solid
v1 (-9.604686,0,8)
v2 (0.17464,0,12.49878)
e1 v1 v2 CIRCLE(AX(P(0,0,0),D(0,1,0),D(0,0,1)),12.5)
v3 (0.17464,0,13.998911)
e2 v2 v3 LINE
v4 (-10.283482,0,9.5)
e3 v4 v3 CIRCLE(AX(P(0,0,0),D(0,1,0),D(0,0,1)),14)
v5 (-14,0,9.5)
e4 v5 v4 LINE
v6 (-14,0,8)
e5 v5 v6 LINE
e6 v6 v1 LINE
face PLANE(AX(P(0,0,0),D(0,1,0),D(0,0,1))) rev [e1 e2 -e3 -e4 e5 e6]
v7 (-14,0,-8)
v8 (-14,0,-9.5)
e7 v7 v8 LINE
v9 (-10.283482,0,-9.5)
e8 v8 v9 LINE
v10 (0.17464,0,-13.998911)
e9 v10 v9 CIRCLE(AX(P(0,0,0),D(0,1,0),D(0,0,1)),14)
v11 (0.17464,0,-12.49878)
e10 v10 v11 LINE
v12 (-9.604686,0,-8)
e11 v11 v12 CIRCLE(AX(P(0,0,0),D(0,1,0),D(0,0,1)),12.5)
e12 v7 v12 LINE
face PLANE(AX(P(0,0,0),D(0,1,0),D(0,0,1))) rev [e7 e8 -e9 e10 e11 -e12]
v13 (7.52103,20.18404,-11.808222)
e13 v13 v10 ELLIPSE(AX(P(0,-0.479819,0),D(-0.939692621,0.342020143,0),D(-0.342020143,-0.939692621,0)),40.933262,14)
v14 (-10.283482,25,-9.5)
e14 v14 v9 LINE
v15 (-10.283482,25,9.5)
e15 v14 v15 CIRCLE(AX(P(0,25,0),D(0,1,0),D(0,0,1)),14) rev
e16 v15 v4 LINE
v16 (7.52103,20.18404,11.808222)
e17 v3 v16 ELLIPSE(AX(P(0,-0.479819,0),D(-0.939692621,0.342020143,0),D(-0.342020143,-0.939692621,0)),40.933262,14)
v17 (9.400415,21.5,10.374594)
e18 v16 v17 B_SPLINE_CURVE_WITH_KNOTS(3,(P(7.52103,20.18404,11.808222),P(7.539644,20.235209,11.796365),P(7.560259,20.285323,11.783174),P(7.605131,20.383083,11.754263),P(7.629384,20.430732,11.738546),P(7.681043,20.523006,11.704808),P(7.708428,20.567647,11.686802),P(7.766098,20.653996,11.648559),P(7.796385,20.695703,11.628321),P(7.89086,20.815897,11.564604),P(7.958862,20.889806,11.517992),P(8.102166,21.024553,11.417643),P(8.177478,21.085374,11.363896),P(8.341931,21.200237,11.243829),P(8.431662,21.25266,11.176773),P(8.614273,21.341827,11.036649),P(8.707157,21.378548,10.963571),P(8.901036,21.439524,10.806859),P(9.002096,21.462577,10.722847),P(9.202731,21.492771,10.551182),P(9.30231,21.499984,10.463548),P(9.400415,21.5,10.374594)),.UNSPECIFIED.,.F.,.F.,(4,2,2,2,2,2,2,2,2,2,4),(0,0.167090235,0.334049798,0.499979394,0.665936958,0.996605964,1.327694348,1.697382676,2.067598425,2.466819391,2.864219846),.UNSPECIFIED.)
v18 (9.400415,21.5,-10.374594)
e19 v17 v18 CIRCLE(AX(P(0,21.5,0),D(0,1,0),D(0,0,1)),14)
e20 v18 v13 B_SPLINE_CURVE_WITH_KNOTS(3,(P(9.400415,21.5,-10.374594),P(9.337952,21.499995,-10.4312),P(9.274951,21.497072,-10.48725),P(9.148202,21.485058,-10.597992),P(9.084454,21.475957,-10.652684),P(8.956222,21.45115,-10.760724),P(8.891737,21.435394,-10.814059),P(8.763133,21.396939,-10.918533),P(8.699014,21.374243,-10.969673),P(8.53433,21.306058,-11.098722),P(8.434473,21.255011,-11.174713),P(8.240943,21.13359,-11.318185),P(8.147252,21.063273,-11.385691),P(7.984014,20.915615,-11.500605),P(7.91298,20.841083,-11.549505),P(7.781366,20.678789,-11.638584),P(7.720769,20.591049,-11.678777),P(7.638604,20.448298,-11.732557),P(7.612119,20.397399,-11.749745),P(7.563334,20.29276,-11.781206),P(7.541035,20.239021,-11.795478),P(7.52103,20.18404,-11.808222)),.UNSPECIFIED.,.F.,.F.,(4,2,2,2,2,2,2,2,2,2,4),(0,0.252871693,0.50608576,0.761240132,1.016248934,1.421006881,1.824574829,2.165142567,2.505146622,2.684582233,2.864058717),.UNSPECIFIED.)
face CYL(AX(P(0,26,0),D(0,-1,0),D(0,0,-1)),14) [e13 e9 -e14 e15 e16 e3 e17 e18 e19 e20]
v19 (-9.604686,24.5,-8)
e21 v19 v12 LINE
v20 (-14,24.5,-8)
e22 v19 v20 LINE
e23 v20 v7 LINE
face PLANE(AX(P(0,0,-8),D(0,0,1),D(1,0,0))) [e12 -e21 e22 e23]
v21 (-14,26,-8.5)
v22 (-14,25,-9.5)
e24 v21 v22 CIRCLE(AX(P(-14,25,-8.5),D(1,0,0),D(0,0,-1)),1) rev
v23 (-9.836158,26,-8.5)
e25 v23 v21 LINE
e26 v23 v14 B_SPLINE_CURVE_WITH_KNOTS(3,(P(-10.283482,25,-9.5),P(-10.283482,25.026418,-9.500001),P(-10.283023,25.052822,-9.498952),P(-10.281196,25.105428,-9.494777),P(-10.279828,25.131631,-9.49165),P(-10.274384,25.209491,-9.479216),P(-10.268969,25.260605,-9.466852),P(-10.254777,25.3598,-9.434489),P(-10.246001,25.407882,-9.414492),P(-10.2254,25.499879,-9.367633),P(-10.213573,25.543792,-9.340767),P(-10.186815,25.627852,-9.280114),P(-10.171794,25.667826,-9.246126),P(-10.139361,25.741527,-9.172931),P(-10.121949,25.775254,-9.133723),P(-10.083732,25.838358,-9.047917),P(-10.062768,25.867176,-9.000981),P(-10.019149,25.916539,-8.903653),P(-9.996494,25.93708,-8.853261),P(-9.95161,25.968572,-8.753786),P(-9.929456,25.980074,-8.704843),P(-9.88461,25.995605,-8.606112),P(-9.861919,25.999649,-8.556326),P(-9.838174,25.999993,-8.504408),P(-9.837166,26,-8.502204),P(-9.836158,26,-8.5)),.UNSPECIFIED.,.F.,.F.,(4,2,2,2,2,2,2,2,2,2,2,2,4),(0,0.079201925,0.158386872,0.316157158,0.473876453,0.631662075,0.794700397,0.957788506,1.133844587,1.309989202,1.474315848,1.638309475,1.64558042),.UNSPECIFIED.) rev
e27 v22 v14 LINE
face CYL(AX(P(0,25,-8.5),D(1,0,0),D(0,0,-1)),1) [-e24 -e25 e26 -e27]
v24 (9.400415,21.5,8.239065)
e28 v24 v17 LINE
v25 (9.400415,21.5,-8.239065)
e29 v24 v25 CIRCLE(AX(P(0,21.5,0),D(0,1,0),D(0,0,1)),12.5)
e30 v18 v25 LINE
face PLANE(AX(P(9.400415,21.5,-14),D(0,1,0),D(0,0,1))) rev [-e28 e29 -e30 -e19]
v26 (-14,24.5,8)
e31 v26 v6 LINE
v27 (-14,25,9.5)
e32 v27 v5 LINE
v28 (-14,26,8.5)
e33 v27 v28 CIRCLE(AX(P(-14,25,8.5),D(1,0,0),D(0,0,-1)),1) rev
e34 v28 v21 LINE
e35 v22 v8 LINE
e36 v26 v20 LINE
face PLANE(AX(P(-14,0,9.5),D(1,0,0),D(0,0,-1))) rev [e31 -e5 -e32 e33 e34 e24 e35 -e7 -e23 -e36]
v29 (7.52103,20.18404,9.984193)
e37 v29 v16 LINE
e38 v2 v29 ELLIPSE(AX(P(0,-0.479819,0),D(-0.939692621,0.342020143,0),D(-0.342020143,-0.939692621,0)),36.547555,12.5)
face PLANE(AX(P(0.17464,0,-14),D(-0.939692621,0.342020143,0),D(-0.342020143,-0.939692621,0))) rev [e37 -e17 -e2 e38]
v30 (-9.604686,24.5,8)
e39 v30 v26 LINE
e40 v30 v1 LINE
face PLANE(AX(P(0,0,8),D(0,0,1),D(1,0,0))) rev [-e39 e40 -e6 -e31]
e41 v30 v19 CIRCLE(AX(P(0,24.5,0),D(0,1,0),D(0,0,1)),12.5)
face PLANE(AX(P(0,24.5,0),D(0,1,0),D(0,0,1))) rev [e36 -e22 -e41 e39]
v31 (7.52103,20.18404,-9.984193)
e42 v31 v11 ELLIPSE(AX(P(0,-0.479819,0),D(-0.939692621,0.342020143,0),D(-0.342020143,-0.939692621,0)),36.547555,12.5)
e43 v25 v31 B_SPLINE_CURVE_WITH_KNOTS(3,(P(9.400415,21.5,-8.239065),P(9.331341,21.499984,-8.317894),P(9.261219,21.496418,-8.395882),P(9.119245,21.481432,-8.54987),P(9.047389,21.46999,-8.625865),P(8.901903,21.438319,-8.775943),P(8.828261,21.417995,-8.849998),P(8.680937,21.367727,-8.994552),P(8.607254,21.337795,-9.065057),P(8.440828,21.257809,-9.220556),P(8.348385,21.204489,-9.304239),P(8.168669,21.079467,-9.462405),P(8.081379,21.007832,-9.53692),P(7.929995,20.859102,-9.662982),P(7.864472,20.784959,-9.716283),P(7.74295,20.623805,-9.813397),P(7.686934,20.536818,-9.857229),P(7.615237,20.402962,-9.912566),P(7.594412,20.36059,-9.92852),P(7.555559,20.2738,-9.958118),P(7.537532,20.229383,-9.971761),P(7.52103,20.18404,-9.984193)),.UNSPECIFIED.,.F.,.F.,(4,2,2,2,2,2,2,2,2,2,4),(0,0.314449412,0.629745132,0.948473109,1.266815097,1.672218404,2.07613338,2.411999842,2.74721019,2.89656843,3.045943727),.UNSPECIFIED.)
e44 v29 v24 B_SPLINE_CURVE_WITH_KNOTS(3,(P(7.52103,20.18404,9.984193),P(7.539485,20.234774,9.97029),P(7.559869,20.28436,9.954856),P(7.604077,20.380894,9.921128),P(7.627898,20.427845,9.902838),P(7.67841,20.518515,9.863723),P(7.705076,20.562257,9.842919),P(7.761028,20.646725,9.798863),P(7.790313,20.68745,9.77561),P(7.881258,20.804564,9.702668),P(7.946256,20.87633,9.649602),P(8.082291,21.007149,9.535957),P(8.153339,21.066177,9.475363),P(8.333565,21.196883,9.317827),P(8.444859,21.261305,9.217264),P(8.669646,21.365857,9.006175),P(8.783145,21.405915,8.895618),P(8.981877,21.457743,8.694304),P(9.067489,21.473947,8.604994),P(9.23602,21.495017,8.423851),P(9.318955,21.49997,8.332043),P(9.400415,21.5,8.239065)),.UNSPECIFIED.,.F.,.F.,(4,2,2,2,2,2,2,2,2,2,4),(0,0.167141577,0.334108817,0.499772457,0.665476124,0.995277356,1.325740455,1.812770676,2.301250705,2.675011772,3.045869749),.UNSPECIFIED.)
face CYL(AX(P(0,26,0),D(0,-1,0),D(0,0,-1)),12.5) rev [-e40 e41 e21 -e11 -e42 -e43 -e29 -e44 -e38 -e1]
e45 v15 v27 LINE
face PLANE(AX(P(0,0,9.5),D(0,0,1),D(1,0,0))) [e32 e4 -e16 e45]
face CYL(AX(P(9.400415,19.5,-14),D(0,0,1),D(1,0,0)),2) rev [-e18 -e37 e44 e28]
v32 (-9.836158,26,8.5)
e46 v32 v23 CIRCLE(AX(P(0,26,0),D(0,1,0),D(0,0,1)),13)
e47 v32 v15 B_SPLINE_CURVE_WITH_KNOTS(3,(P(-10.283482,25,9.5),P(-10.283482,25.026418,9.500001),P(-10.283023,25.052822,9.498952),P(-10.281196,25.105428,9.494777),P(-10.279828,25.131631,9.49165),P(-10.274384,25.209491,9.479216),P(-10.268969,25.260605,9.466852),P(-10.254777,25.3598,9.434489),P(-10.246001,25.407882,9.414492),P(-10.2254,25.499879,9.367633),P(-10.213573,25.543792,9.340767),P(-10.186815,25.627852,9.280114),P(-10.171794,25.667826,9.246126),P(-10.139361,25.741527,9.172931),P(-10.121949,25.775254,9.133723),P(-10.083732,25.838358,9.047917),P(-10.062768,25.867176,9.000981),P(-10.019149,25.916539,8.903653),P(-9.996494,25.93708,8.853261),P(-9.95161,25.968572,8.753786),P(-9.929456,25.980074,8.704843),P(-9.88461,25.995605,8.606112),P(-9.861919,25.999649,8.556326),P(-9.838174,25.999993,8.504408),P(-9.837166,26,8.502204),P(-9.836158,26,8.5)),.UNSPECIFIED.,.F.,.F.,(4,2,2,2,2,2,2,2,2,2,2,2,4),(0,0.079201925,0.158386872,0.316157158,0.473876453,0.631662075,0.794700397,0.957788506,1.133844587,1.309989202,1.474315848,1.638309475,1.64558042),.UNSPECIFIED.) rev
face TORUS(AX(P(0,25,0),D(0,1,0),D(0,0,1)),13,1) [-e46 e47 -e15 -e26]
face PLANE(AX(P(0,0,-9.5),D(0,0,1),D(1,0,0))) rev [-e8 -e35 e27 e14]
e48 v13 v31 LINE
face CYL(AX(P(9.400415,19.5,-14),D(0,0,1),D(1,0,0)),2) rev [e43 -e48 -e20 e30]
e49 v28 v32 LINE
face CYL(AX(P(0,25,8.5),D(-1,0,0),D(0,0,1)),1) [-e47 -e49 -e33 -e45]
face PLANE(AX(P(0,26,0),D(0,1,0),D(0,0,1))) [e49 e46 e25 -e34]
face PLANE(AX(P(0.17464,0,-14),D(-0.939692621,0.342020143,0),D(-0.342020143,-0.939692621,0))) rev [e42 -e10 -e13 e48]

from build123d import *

# Parameters (mm, degrees)
SKETCH1_R               = 14
BOSS_EXTRUDE1_DEPTH     = 26
SKETCH3_W               = 14
SKETCH3_H               = 26
BOSS_EXTRUDE2_DEPTH     = 9.5
SHELL1_T                = -1.5
CUT_EXTRUDE1_DEPTH      = 15
CUT_EXTRUDE1_DEPTH_BACK = 15
FILLET1_R               = 1


with BuildPart() as part:
    # Sketch1 → Boss-Extrude1 (new body)
    with BuildSketch(Plane(origin=(0, 0, 0), x_dir=(1, 0, 0), z_dir=(0, 1, 0))):
        Circle(SKETCH1_R)
    extrude(amount=BOSS_EXTRUDE1_DEPTH)

    # Sketch3 → Boss-Extrude2 (add, symmetric)
    with BuildSketch(Plane.XY):
        with Locations((-7, 13)):
            Rectangle(SKETCH3_W, SKETCH3_H)
    extrude(amount=BOSS_EXTRUDE2_DEPTH, both=True)

    # Shell1
    shell1_openings = [part.faces().sort_by_distance(p)[0] for p in [
        (-6.070870475, 0, 0),
        (-14, 13, 0),
    ]]
    offset(amount=SHELL1_T, openings=shell1_openings, kind=Kind.INTERSECTION)

    # Sketch4 → Cut-Extrude1 (cut, two sides)
    with BuildSketch(Plane.XY) as cut_extrude1_sk:
        with BuildLine():
            Line((0.174639963, 0), (7.521029835, 20.184040287))
            ThreePointArc((7.521029835, 20.184040287), (8.253262204, 21.138304089), (9.400415076, 21.5))
            Line((9.400415076, 21.5), (14, 21.5))
            Line((14, 21.5), (14, 0))
            Line((14, 0), (0.174639963, 0))
        make_face()
    extrude(amount=CUT_EXTRUDE1_DEPTH, mode=Mode.SUBTRACT)
    extrude(cut_extrude1_sk.sketch, amount=-CUT_EXTRUDE1_DEPTH_BACK, mode=Mode.SUBTRACT)

    # Fillet1
    fillet1_edges = [part.edges().sort_by_distance(p)[0] for p in [
        (-12.14174095, 26, 9.5),
        (-12.14174095, 26, -9.5),
        (14, 26, 0),
    ]]
    fillet(fillet1_edges, radius=FILLET1_R)


solid = part.part
